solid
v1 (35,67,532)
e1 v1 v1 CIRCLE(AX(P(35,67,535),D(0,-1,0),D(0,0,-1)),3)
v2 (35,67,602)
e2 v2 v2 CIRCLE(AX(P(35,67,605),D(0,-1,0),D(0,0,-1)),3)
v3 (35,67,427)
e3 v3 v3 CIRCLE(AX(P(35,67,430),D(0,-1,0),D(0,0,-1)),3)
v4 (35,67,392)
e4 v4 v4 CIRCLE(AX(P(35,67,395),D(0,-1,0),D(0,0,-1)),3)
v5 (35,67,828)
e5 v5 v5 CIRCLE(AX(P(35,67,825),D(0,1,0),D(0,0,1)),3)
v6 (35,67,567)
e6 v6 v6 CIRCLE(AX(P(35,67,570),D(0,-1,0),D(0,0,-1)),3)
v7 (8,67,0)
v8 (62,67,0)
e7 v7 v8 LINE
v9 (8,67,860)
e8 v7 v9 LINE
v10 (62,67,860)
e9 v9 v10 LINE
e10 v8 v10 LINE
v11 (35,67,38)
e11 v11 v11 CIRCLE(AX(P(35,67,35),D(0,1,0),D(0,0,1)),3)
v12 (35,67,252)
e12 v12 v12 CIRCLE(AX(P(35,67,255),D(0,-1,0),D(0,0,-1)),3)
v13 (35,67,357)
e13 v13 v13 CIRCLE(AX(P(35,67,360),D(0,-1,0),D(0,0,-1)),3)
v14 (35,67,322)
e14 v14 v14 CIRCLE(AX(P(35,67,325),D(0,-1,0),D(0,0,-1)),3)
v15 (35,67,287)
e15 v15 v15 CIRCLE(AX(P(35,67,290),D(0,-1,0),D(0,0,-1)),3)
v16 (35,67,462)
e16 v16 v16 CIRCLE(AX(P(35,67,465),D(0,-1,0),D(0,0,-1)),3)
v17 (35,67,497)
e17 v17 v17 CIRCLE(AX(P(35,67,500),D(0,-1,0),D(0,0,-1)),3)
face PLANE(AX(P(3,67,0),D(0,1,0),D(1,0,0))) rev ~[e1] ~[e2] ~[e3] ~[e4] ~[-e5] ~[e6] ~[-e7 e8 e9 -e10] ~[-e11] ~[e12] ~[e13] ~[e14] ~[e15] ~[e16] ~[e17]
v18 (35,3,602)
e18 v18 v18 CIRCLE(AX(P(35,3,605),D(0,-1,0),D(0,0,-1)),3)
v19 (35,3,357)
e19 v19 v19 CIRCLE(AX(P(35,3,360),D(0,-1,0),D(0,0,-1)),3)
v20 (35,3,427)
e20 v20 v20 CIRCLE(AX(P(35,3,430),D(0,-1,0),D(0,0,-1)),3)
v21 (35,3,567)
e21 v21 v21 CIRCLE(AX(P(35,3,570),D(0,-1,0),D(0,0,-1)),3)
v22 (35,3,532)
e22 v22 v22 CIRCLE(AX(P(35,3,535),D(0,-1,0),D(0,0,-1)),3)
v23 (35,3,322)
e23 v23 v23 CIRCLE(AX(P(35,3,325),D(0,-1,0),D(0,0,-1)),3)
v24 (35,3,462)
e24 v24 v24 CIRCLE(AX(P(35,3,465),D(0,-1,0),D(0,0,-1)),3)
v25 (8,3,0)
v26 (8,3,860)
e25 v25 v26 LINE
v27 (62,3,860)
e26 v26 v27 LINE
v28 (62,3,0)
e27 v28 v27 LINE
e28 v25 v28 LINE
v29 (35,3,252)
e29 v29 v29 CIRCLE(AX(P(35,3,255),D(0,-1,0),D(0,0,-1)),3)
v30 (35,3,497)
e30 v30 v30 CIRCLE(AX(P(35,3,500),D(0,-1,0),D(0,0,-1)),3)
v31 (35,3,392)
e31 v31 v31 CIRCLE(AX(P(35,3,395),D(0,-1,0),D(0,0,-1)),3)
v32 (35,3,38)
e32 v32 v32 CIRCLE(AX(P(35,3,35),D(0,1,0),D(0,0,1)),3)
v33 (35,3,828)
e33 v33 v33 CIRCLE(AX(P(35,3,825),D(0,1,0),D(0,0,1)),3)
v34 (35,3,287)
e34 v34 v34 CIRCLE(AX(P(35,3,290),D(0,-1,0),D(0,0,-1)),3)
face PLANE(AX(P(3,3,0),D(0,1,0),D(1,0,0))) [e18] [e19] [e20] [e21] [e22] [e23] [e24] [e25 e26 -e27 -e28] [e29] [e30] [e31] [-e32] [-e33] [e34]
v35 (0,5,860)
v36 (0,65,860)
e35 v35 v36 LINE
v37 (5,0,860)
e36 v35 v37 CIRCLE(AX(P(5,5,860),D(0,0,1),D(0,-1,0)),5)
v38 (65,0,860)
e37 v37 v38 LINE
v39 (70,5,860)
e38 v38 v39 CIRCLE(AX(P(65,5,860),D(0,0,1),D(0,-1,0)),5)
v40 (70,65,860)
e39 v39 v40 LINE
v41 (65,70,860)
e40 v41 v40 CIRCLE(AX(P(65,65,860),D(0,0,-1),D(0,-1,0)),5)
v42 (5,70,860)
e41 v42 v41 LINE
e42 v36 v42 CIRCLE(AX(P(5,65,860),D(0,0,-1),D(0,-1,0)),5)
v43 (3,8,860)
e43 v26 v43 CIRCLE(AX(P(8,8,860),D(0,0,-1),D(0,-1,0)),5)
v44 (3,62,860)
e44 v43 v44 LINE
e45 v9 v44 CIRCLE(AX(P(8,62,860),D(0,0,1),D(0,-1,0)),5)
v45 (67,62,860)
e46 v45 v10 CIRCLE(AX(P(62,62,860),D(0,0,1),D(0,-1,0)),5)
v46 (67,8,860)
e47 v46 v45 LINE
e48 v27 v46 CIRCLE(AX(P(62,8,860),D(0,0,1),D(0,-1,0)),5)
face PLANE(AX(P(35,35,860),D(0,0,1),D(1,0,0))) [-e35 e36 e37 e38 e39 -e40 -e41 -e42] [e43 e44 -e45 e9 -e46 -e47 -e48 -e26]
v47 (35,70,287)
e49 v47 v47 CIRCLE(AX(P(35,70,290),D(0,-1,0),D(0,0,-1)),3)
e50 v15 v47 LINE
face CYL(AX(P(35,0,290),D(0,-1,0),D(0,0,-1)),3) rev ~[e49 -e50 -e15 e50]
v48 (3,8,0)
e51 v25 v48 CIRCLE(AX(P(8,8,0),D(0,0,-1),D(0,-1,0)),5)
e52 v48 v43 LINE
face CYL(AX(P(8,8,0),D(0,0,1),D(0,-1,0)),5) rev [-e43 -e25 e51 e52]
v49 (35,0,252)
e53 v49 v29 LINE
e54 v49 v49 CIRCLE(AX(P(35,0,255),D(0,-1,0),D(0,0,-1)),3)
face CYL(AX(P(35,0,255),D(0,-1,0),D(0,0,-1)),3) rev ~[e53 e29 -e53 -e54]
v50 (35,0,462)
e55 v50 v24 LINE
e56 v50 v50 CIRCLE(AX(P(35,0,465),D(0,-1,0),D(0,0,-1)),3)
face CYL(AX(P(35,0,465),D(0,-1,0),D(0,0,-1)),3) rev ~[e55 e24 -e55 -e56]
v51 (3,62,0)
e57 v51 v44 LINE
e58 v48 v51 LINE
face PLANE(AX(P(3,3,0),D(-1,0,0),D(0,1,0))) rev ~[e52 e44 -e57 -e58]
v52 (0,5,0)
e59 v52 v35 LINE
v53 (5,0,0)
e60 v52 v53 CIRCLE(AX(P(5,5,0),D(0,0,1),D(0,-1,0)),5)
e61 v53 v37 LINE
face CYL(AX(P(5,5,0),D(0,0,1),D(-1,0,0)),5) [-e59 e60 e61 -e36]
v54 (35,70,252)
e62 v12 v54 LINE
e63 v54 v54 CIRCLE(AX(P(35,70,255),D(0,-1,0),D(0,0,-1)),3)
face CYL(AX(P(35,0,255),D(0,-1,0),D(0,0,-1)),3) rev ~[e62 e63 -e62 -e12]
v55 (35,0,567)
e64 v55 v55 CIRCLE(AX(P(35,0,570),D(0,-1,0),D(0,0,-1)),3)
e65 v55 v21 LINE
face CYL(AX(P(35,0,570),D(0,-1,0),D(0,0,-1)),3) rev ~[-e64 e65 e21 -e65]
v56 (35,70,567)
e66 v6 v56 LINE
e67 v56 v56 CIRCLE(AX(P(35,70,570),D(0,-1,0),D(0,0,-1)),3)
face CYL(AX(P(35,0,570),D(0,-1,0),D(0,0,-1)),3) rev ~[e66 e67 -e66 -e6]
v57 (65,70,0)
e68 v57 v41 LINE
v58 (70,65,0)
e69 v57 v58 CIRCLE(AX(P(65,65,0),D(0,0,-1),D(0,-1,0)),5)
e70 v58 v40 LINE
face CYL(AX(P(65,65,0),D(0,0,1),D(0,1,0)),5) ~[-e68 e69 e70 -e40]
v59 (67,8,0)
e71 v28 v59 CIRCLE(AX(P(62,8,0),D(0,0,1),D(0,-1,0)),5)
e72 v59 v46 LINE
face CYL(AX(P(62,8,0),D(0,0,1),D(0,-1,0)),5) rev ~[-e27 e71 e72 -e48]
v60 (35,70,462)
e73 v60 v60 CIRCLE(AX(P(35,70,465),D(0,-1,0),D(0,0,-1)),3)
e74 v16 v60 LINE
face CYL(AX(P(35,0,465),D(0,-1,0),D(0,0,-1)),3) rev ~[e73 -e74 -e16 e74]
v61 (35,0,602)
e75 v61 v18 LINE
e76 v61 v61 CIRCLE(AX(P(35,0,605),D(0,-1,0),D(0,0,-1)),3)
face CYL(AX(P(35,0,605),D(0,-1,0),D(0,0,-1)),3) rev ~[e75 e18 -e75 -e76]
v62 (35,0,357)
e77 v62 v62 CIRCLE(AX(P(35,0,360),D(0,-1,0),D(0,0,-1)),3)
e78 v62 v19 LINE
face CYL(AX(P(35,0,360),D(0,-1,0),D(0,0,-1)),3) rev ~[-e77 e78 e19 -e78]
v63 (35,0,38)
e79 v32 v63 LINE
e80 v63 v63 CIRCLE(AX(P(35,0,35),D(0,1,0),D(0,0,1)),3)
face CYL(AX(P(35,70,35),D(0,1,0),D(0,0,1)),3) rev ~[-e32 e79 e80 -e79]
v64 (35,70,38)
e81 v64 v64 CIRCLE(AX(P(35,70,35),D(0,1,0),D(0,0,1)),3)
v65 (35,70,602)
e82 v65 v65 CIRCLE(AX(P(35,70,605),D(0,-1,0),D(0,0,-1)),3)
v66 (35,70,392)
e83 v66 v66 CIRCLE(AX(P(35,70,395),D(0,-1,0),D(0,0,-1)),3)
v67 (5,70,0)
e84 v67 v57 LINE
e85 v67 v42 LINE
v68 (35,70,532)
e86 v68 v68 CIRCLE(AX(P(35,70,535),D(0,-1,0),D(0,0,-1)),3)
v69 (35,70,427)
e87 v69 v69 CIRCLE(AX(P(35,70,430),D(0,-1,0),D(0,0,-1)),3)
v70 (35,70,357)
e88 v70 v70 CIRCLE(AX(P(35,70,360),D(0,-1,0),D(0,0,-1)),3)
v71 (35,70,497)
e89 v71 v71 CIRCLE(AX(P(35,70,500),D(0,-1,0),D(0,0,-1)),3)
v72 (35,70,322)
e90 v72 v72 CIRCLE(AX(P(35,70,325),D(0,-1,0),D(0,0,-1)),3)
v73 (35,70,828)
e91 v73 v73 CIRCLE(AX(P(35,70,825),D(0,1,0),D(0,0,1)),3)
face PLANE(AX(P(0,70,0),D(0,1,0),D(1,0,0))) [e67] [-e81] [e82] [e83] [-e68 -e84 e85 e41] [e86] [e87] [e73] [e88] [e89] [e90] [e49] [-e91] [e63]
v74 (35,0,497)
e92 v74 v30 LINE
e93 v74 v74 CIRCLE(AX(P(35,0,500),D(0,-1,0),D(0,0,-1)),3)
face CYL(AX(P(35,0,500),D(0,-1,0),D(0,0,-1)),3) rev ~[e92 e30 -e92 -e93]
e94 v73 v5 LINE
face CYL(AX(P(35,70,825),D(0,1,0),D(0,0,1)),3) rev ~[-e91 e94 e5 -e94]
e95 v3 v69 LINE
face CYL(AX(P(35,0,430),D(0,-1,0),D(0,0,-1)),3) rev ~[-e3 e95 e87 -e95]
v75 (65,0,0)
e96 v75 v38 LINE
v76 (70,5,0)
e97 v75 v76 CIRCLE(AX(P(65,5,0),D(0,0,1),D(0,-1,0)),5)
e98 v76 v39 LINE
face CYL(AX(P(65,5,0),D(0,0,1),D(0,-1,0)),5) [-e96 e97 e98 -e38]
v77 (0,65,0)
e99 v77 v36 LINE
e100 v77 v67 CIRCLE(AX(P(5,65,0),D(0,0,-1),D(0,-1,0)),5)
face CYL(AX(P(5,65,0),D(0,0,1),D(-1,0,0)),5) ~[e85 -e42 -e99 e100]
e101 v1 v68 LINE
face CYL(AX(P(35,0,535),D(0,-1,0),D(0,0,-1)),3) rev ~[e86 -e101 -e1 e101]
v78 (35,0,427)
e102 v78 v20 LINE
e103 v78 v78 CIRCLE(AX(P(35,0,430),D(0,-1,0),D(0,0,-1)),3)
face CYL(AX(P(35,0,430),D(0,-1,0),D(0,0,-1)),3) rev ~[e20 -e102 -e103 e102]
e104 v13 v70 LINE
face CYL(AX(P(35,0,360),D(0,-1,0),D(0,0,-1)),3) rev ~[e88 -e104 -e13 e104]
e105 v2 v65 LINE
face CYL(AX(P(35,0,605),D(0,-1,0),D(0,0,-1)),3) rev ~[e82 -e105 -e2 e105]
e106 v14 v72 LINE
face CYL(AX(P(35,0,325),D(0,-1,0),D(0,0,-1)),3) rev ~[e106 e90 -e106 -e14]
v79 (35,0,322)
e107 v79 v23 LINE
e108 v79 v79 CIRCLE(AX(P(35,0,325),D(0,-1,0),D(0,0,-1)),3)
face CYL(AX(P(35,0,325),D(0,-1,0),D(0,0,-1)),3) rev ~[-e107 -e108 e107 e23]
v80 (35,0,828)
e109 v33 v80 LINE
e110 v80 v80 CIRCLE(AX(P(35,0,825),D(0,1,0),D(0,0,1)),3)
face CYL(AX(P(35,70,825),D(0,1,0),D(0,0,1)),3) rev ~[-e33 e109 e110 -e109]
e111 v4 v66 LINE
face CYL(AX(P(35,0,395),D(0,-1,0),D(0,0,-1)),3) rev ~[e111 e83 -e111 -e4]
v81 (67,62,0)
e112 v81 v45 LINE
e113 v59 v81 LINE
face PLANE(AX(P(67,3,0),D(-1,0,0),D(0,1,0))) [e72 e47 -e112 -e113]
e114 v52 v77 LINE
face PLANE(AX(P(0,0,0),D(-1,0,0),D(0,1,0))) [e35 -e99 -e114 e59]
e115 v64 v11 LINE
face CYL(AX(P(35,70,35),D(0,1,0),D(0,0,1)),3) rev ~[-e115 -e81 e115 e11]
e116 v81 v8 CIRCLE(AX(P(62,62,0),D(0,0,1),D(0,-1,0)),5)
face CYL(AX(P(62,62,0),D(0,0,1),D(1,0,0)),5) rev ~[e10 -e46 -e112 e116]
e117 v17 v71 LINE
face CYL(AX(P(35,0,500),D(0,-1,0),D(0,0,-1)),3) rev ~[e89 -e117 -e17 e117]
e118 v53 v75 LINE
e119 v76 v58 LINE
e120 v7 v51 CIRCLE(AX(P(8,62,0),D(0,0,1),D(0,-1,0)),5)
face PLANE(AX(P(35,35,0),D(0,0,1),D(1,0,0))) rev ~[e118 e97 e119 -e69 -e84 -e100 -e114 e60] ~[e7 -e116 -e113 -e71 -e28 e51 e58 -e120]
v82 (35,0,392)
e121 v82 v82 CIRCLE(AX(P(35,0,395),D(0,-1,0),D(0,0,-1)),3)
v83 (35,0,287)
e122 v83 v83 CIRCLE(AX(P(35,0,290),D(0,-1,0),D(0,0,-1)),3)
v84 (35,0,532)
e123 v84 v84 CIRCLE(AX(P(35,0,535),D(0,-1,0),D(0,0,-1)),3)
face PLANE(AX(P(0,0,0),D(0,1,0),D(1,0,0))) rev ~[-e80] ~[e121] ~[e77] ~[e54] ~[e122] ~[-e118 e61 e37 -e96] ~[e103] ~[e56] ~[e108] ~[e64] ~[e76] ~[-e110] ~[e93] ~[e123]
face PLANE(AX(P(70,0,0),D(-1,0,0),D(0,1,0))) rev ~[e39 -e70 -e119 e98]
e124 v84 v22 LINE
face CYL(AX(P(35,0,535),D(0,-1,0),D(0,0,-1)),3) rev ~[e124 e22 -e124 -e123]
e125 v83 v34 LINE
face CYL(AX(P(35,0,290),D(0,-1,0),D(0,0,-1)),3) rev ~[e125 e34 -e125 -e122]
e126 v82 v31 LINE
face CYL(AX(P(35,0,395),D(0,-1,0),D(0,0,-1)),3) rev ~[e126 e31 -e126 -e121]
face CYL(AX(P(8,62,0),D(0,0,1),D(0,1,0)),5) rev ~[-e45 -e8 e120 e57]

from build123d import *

# Parameters (mm, degrees)
SKETCH1_W           = 70
SKETCH1_H           = 70
SKETCH1_W_2         = 64
SKETCH1_H_2         = 64
BOSS_EXTRUDE1_DEPTH = 860
FILLET1_R           = 5
SKETCH2_R           = 3
CUT_EXTRUDE1_DEPTH  = 70
SKETCH3_R           = 3
CUT_EXTRUDE2_DEPTH  = 173
LPATTERN1_COUNT     = 6
LPATTERN1_PITCH     = 35
LPATTERN1_COL_COUNT = 6
LPATTERN1_COL_PITCH = 35


with BuildPart() as part:
    # Sketch1 → Boss-Extrude1 (new body)
    with BuildSketch(Plane.XY):
        with Locations((35, 35)):
            Rectangle(SKETCH1_W, SKETCH1_H)
        with Locations((35, 35)):
            Rectangle(SKETCH1_W_2, SKETCH1_H_2, mode=Mode.SUBTRACT)
    extrude(amount=BOSS_EXTRUDE1_DEPTH)

    # Fillet1
    fillet1_edges = [part.edges().sort_by_distance(p)[0] for p in [
        (3, 67, 430),
        (3, 3, 430),
        (67, 3, 430),
        (67, 67, 430),
        (0, 70, 430),
        (70, 70, 430),
        (70, 0, 430),
        (0, 0, 430),
    ]]
    fillet(fillet1_edges, radius=FILLET1_R)

    # Sketch2 → Cut-Extrude1 (cut)
    with BuildSketch(Plane(origin=(0, 70, 0), x_dir=(1, 0, 0), z_dir=(0, 1, 0))):
        with Locations(Location((35, -825, 0), (0, 0, 270))):
            Circle(SKETCH2_R)
        with Locations(Location((35, -35, 0), (0, 0, 270))):
            Circle(SKETCH2_R)
    extrude(amount=-CUT_EXTRUDE1_DEPTH, mode=Mode.SUBTRACT)

    # Sketch3 → Cut-Extrude2 (cut)
    with BuildSketch(Plane.XZ):
        with Locations(Location((35, 430, 0), (0, 0, 270))):
            Circle(SKETCH3_R)
    cut_extrude2 = extrude(amount=-CUT_EXTRUDE2_DEPTH, mode=Mode.SUBTRACT)

    # LPattern1: Cut-Extrude2 ×6
    with Locations(*[(0, 0, -i * LPATTERN1_PITCH) for i in range(1, LPATTERN1_COUNT)]):
        add(cut_extrude2, mode=Mode.SUBTRACT)

    # LPattern1 col: Cut-Extrude2 ×6
    with Locations(*[(0, 0, i * LPATTERN1_COL_PITCH) for i in range(1, LPATTERN1_COL_COUNT)]):
        add(cut_extrude2, mode=Mode.SUBTRACT)


solid = part.part
